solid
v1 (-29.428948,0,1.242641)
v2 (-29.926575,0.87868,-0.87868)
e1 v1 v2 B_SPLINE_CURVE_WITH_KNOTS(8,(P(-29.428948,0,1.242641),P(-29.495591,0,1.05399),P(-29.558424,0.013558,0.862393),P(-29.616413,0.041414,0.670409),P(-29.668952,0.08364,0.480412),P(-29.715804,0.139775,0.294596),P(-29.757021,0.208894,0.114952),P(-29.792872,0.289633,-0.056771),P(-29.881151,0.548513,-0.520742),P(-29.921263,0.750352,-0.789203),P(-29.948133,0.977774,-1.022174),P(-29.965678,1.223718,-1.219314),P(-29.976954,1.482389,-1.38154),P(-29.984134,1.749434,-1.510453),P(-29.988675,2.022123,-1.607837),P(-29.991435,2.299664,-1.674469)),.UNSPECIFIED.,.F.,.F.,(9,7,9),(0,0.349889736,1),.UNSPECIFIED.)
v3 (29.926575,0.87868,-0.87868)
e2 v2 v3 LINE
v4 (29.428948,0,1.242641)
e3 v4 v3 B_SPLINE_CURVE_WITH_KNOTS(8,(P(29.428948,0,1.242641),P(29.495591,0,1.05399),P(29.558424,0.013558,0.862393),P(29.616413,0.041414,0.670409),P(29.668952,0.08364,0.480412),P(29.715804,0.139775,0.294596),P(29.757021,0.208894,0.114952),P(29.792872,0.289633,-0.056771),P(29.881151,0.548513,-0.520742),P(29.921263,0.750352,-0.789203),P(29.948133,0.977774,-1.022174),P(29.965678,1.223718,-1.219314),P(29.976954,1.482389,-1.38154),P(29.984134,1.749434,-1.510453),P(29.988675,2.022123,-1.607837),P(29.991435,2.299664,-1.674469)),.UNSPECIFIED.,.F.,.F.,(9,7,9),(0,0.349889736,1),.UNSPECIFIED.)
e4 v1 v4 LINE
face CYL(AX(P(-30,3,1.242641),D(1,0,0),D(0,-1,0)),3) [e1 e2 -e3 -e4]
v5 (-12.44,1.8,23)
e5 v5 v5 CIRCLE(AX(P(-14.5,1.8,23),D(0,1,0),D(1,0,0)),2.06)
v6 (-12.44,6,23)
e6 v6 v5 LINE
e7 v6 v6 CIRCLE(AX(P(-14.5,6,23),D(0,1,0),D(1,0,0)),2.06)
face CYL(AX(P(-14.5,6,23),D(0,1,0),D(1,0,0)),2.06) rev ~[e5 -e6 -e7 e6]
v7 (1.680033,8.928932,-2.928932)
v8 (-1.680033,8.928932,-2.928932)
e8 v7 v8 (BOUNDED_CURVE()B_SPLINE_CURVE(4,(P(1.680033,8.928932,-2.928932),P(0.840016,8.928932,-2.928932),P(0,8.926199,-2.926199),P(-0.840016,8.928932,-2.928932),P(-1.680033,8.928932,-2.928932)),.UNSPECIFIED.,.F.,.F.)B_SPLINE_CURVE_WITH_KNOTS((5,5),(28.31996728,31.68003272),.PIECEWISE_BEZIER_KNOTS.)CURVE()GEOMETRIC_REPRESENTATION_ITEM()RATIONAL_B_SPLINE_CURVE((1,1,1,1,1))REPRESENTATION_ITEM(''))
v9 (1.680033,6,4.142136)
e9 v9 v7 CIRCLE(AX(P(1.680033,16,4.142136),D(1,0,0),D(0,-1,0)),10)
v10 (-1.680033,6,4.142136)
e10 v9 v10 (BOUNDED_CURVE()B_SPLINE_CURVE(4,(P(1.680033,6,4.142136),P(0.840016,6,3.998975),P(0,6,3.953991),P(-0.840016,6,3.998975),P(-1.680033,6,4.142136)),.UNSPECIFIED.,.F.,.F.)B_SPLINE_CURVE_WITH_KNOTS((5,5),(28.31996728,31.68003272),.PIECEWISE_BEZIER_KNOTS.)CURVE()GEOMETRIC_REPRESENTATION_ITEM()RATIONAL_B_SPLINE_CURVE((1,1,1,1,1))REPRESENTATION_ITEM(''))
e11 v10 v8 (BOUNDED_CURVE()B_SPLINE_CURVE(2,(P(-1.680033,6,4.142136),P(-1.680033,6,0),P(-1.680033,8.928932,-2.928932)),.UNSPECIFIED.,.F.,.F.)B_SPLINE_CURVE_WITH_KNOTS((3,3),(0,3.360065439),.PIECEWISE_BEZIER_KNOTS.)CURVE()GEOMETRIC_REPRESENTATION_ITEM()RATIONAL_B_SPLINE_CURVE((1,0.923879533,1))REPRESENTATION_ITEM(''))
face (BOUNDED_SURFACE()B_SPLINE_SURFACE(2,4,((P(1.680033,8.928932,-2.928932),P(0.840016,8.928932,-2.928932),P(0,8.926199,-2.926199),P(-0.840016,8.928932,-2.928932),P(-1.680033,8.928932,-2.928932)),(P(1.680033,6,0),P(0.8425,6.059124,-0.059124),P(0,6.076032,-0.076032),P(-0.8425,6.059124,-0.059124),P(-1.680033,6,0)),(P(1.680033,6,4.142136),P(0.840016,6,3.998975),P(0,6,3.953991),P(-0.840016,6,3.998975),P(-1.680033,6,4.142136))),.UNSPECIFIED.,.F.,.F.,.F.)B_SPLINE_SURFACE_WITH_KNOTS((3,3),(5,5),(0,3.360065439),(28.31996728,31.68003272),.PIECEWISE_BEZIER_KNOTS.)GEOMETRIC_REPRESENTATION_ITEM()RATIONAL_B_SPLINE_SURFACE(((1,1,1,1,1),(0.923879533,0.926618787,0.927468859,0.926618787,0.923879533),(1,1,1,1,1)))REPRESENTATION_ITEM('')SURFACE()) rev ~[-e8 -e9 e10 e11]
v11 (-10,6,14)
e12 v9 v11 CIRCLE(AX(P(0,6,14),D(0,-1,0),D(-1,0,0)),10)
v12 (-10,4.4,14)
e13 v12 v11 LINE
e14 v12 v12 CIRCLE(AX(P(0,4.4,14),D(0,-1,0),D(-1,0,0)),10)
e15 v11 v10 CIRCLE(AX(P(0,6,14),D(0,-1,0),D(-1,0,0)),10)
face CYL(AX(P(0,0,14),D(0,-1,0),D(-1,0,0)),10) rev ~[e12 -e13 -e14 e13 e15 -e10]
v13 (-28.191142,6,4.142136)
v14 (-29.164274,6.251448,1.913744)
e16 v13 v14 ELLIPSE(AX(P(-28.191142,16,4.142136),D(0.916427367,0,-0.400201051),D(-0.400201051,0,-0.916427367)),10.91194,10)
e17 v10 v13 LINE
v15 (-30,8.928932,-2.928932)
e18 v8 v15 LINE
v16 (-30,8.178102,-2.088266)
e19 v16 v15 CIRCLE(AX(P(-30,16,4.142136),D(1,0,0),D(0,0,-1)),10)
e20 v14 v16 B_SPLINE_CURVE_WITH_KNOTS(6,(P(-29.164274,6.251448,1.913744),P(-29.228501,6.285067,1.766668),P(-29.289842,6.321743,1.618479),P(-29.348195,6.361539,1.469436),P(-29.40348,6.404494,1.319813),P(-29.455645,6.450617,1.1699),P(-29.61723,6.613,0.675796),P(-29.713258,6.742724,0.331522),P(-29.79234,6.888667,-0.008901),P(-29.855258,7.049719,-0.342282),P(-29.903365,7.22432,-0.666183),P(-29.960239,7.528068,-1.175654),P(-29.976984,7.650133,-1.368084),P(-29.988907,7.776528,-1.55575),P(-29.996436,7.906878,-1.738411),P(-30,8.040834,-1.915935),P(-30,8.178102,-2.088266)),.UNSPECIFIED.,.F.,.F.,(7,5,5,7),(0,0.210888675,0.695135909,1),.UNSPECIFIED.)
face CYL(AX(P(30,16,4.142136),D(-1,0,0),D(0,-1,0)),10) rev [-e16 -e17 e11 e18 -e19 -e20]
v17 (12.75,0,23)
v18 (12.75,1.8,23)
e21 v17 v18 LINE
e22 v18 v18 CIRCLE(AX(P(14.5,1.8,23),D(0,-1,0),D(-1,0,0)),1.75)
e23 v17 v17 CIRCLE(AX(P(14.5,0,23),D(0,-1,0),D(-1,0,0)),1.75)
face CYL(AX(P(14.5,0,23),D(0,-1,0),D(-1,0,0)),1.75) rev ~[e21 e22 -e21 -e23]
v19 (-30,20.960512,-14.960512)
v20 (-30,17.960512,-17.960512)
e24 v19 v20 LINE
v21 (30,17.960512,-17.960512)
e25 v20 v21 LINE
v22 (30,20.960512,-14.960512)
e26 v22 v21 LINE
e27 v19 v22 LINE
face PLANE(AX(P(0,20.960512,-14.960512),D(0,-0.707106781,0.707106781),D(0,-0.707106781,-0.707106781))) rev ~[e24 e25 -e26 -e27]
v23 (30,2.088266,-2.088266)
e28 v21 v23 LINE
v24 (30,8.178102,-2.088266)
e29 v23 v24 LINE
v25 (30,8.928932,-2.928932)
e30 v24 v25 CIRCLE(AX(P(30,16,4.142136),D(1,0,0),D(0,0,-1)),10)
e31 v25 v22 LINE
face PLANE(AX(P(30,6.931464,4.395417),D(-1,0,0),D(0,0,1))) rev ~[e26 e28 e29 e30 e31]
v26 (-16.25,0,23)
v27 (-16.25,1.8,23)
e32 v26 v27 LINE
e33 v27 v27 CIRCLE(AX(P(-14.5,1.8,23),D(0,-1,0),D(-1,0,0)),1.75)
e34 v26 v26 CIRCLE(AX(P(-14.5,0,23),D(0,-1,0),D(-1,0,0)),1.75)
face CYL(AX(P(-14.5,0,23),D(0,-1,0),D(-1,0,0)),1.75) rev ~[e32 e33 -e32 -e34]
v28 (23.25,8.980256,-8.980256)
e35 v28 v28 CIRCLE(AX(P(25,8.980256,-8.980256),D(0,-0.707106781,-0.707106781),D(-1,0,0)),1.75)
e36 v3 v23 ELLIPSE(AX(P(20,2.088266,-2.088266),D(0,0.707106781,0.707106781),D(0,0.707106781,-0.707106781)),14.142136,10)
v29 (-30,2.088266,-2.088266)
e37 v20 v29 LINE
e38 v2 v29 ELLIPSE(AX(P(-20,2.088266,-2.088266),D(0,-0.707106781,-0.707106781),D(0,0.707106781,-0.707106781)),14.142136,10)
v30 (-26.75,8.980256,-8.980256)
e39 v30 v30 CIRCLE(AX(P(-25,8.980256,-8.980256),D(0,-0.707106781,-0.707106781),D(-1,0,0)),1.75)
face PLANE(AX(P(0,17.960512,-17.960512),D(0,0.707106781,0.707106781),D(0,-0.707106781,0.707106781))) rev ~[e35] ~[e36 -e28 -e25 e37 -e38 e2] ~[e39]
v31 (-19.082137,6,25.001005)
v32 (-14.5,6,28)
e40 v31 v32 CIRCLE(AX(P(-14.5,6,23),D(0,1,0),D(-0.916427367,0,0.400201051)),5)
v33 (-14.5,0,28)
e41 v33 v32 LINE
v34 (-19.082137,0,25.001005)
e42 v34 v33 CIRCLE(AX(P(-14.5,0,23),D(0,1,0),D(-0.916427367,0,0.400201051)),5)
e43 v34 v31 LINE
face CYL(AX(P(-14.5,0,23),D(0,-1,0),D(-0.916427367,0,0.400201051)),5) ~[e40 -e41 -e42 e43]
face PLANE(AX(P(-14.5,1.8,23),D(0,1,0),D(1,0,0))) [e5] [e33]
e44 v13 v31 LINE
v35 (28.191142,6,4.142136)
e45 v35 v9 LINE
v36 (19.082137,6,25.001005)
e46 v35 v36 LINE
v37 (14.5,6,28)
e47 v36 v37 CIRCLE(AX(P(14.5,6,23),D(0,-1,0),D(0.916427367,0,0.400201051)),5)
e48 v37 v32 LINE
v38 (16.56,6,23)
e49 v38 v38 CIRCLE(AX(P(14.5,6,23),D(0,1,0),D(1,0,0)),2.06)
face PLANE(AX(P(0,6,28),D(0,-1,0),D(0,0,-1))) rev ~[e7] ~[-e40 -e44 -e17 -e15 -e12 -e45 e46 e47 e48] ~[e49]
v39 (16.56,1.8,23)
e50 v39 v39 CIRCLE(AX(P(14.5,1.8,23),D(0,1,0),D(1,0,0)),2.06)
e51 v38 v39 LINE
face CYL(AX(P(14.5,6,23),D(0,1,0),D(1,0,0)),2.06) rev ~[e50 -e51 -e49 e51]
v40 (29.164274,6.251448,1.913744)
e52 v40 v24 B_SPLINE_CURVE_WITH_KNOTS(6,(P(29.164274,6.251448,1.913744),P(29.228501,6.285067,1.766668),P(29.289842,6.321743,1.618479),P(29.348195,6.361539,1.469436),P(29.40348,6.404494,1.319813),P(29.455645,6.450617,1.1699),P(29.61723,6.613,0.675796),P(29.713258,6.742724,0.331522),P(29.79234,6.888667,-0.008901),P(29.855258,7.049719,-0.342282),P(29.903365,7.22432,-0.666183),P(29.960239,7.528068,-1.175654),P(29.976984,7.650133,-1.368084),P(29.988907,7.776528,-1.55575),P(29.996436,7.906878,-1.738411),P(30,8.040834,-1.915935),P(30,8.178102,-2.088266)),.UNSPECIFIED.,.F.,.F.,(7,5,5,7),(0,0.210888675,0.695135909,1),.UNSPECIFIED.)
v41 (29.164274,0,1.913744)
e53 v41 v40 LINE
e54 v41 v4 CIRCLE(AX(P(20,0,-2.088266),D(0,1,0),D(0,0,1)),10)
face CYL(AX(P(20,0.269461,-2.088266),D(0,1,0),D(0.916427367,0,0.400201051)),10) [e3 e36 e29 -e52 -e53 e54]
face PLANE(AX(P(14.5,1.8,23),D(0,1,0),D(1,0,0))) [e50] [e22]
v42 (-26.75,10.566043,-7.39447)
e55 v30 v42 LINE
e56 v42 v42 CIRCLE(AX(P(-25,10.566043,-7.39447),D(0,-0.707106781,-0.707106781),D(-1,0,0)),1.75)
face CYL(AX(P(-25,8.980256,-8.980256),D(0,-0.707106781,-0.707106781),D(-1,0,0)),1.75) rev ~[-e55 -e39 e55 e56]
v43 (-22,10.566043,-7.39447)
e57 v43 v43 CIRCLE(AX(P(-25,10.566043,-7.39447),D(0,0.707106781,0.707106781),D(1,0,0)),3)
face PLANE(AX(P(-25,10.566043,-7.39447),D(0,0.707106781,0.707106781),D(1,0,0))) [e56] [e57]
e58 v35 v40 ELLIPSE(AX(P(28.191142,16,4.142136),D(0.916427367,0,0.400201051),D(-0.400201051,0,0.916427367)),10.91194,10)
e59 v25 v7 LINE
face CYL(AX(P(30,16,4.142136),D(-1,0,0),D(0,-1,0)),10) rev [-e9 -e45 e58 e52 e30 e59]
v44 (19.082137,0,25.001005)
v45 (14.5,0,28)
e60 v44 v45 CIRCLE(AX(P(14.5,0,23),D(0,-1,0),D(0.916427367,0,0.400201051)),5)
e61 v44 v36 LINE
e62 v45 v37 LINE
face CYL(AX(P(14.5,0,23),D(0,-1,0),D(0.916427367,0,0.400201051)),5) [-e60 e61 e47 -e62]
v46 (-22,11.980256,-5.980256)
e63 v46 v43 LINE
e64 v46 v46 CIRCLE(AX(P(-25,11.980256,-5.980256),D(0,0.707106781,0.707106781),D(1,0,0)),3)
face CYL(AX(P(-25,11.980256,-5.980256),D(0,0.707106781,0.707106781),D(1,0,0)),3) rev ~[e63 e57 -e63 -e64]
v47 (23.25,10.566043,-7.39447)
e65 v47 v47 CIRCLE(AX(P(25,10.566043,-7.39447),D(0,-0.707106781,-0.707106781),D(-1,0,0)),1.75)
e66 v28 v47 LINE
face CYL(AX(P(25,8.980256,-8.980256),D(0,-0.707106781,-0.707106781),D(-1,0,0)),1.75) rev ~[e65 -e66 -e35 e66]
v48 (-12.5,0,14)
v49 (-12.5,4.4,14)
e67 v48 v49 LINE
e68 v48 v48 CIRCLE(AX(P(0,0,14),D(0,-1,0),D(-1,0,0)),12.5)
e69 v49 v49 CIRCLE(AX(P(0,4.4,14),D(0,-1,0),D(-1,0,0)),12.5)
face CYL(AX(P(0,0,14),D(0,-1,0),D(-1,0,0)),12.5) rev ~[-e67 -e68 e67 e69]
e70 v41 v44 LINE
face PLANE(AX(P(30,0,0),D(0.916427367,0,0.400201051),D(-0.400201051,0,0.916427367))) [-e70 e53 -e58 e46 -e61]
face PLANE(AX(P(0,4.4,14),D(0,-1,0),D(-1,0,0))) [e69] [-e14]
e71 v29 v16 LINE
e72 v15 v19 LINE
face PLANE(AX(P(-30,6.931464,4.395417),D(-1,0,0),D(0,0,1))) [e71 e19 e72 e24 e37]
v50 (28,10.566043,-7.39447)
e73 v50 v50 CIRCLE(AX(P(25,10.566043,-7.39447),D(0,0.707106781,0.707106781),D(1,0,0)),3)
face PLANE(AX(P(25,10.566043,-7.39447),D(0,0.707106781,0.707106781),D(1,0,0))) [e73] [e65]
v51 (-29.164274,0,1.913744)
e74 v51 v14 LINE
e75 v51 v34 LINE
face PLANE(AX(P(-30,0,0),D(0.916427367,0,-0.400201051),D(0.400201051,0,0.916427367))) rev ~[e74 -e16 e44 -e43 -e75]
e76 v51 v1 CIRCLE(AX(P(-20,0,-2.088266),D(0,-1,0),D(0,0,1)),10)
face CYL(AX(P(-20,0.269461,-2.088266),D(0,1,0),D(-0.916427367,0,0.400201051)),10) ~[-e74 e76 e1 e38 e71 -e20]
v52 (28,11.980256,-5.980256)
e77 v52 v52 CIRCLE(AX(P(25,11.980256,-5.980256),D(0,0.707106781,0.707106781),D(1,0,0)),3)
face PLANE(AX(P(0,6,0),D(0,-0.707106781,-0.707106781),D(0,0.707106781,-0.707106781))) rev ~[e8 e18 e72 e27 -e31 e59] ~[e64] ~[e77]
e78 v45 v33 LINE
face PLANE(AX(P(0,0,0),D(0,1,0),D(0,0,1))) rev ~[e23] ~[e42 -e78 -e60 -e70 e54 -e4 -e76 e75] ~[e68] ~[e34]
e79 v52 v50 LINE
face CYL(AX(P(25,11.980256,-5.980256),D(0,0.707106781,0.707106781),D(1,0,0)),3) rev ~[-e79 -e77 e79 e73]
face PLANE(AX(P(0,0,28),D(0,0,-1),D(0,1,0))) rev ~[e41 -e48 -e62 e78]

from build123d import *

# Parameters (mm, degrees)
SALIENTE_EXTRUIR1_DEPTH      = 30
SALIENTE_EXTRUIR1_DEPTH_BACK = 30
CROQUIS3_R                   = 1.75
CORTAR_EXTRUIR1_DEPTH        = 4.242641
CROQUIS4_R                   = 3
CORTAR_EXTRUIR2_DEPTH        = 2
CROQUIS5_R                   = 10
CROQUIS5_R_2                 = 1.75
CORTAR_EXTRUIR3_DEPTH        = 6
CROQUIS5_4_R                 = 12.5
CROQUIS5_4_R_2               = 10
CORTAR_EXTRUIR4_DEPTH        = 4.4
REDONDEO1_R                  = 10
REDONDEO2_R                  = 3
REDONDEO3_R                  = 10
CROQUIS6_R                   = 2.06
CORTAR_EXTRUIR5_DEPTH        = 4.2


with BuildPart() as part:
    # Croquis2 → Saliente-Extruir1 (new body, two sides)
    with BuildSketch(Plane(origin=(0, 0, 0), x_dir=(0, 0, -1), z_dir=(1, 0, 0))) as saliente_extruir1_sk:
        Polygon((0, 0), (-28, 0), (-28, 6), (0, 6), (14.960512242, 20.960512242), (17.960512242, 17.960512242), align=None)
    extrude(amount=SALIENTE_EXTRUIR1_DEPTH)
    extrude(saliente_extruir1_sk.sketch, amount=-SALIENTE_EXTRUIR1_DEPTH_BACK)

    # Croquis3 → Cortar-Extruir1 (cut)
    with BuildSketch(Plane(origin=(0, 0, 0), x_dir=(-1, 0, 0), z_dir=(0, -0.707106781, -0.707106781))):
        with Locations((-25, 12.7)):
            Circle(CROQUIS3_R)
        with Locations((25, 12.7)):
            Circle(CROQUIS3_R)
    extrude(amount=-CORTAR_EXTRUIR1_DEPTH, mode=Mode.SUBTRACT)

    # Croquis4 → Cortar-Extruir2 (cut)
    with BuildSketch(Plane(origin=(0, 3, 3), x_dir=(1, 0, 0), z_dir=(0, 0.707106781, 0.707106781))):
        with Locations((-25, 12.7)):
            Circle(CROQUIS4_R)
        with Locations((25, 12.7)):
            Circle(CROQUIS4_R)
    extrude(amount=-CORTAR_EXTRUIR2_DEPTH, mode=Mode.SUBTRACT)

    # Croquis5 → Cortar-Extruir3 (cut)
    with BuildSketch(Plane(origin=(0, 0, 0), x_dir=(-1, 0, 0), z_dir=(0, -1, 0))):
        with Locations((0, -14)):
            Circle(CROQUIS5_R)
        with Locations((14.5, -23)):
            Circle(CROQUIS5_R_2)
        with Locations((-14.5, -23)):
            Circle(CROQUIS5_R_2)
        with BuildLine():
            ThreePointArc((-19.082136833, -25.001005257), (-17.238153914, -27.1836005), (-14.5, -28))
            Line((-14.5, -28), (-30, -28))
            Line((-30, -28), (-30, 0))
            Line((-30, 0), (-19.082136833, -25.001005257))
        make_face()
        with BuildLine():
            Line((30, 0), (19.082136833, -25.001005257))
            ThreePointArc((19.082136833, -25.001005257), (17.238153914, -27.1836005), (14.5, -28))
            Line((14.5, -28), (30, -28))
            Line((30, -28), (30, 0))
        make_face()
    extrude(amount=-CORTAR_EXTRUIR3_DEPTH, mode=Mode.SUBTRACT)

    # Croquis5<4> → Cortar-Extruir4 (cut)
    with BuildSketch(Plane(origin=(0, 0, 0), x_dir=(-1, 0, 0), z_dir=(0, -1, 0))):
        with Locations((0, -14)):
            Circle(CROQUIS5_4_R)
        with Locations((0, -14)):
            Circle(CROQUIS5_4_R_2, mode=Mode.SUBTRACT)
    extrude(amount=-CORTAR_EXTRUIR4_DEPTH, mode=Mode.SUBTRACT)

    # Redondeo1
    redondeo1_edges = [part.edges().sort_by_distance(p)[0] for p in [
        (0, 6, 0),
    ]]
    fillet(redondeo1_edges, radius=REDONDEO1_R)

    # Redondeo2
    redondeo2_edges = [part.edges().sort_by_distance(p)[0] for p in [
        (0, 0, 0),
    ]]
    fillet(redondeo2_edges, radius=REDONDEO2_R)

    # Redondeo3
    redondeo3_edges = [part.edges().sort_by_distance(p)[0] for p in [
        (-30, 3.583831813, 0),
        (30, 3.583831813, 0),
    ]]
    fillet(redondeo3_edges, radius=REDONDEO3_R)

    # Croquis6 → Cortar-Extruir5 (cut)
    with BuildSketch(Plane(origin=(0, 6, 0), x_dir=(1, 0, 0), z_dir=(0, 1, 0))):
        with Locations((-14.5, -23)):
            Circle(CROQUIS6_R)
        with Locations((14.5, -23)):
            Circle(CROQUIS6_R)
    extrude(amount=-CORTAR_EXTRUIR5_DEPTH, mode=Mode.SUBTRACT)


solid = part.part
